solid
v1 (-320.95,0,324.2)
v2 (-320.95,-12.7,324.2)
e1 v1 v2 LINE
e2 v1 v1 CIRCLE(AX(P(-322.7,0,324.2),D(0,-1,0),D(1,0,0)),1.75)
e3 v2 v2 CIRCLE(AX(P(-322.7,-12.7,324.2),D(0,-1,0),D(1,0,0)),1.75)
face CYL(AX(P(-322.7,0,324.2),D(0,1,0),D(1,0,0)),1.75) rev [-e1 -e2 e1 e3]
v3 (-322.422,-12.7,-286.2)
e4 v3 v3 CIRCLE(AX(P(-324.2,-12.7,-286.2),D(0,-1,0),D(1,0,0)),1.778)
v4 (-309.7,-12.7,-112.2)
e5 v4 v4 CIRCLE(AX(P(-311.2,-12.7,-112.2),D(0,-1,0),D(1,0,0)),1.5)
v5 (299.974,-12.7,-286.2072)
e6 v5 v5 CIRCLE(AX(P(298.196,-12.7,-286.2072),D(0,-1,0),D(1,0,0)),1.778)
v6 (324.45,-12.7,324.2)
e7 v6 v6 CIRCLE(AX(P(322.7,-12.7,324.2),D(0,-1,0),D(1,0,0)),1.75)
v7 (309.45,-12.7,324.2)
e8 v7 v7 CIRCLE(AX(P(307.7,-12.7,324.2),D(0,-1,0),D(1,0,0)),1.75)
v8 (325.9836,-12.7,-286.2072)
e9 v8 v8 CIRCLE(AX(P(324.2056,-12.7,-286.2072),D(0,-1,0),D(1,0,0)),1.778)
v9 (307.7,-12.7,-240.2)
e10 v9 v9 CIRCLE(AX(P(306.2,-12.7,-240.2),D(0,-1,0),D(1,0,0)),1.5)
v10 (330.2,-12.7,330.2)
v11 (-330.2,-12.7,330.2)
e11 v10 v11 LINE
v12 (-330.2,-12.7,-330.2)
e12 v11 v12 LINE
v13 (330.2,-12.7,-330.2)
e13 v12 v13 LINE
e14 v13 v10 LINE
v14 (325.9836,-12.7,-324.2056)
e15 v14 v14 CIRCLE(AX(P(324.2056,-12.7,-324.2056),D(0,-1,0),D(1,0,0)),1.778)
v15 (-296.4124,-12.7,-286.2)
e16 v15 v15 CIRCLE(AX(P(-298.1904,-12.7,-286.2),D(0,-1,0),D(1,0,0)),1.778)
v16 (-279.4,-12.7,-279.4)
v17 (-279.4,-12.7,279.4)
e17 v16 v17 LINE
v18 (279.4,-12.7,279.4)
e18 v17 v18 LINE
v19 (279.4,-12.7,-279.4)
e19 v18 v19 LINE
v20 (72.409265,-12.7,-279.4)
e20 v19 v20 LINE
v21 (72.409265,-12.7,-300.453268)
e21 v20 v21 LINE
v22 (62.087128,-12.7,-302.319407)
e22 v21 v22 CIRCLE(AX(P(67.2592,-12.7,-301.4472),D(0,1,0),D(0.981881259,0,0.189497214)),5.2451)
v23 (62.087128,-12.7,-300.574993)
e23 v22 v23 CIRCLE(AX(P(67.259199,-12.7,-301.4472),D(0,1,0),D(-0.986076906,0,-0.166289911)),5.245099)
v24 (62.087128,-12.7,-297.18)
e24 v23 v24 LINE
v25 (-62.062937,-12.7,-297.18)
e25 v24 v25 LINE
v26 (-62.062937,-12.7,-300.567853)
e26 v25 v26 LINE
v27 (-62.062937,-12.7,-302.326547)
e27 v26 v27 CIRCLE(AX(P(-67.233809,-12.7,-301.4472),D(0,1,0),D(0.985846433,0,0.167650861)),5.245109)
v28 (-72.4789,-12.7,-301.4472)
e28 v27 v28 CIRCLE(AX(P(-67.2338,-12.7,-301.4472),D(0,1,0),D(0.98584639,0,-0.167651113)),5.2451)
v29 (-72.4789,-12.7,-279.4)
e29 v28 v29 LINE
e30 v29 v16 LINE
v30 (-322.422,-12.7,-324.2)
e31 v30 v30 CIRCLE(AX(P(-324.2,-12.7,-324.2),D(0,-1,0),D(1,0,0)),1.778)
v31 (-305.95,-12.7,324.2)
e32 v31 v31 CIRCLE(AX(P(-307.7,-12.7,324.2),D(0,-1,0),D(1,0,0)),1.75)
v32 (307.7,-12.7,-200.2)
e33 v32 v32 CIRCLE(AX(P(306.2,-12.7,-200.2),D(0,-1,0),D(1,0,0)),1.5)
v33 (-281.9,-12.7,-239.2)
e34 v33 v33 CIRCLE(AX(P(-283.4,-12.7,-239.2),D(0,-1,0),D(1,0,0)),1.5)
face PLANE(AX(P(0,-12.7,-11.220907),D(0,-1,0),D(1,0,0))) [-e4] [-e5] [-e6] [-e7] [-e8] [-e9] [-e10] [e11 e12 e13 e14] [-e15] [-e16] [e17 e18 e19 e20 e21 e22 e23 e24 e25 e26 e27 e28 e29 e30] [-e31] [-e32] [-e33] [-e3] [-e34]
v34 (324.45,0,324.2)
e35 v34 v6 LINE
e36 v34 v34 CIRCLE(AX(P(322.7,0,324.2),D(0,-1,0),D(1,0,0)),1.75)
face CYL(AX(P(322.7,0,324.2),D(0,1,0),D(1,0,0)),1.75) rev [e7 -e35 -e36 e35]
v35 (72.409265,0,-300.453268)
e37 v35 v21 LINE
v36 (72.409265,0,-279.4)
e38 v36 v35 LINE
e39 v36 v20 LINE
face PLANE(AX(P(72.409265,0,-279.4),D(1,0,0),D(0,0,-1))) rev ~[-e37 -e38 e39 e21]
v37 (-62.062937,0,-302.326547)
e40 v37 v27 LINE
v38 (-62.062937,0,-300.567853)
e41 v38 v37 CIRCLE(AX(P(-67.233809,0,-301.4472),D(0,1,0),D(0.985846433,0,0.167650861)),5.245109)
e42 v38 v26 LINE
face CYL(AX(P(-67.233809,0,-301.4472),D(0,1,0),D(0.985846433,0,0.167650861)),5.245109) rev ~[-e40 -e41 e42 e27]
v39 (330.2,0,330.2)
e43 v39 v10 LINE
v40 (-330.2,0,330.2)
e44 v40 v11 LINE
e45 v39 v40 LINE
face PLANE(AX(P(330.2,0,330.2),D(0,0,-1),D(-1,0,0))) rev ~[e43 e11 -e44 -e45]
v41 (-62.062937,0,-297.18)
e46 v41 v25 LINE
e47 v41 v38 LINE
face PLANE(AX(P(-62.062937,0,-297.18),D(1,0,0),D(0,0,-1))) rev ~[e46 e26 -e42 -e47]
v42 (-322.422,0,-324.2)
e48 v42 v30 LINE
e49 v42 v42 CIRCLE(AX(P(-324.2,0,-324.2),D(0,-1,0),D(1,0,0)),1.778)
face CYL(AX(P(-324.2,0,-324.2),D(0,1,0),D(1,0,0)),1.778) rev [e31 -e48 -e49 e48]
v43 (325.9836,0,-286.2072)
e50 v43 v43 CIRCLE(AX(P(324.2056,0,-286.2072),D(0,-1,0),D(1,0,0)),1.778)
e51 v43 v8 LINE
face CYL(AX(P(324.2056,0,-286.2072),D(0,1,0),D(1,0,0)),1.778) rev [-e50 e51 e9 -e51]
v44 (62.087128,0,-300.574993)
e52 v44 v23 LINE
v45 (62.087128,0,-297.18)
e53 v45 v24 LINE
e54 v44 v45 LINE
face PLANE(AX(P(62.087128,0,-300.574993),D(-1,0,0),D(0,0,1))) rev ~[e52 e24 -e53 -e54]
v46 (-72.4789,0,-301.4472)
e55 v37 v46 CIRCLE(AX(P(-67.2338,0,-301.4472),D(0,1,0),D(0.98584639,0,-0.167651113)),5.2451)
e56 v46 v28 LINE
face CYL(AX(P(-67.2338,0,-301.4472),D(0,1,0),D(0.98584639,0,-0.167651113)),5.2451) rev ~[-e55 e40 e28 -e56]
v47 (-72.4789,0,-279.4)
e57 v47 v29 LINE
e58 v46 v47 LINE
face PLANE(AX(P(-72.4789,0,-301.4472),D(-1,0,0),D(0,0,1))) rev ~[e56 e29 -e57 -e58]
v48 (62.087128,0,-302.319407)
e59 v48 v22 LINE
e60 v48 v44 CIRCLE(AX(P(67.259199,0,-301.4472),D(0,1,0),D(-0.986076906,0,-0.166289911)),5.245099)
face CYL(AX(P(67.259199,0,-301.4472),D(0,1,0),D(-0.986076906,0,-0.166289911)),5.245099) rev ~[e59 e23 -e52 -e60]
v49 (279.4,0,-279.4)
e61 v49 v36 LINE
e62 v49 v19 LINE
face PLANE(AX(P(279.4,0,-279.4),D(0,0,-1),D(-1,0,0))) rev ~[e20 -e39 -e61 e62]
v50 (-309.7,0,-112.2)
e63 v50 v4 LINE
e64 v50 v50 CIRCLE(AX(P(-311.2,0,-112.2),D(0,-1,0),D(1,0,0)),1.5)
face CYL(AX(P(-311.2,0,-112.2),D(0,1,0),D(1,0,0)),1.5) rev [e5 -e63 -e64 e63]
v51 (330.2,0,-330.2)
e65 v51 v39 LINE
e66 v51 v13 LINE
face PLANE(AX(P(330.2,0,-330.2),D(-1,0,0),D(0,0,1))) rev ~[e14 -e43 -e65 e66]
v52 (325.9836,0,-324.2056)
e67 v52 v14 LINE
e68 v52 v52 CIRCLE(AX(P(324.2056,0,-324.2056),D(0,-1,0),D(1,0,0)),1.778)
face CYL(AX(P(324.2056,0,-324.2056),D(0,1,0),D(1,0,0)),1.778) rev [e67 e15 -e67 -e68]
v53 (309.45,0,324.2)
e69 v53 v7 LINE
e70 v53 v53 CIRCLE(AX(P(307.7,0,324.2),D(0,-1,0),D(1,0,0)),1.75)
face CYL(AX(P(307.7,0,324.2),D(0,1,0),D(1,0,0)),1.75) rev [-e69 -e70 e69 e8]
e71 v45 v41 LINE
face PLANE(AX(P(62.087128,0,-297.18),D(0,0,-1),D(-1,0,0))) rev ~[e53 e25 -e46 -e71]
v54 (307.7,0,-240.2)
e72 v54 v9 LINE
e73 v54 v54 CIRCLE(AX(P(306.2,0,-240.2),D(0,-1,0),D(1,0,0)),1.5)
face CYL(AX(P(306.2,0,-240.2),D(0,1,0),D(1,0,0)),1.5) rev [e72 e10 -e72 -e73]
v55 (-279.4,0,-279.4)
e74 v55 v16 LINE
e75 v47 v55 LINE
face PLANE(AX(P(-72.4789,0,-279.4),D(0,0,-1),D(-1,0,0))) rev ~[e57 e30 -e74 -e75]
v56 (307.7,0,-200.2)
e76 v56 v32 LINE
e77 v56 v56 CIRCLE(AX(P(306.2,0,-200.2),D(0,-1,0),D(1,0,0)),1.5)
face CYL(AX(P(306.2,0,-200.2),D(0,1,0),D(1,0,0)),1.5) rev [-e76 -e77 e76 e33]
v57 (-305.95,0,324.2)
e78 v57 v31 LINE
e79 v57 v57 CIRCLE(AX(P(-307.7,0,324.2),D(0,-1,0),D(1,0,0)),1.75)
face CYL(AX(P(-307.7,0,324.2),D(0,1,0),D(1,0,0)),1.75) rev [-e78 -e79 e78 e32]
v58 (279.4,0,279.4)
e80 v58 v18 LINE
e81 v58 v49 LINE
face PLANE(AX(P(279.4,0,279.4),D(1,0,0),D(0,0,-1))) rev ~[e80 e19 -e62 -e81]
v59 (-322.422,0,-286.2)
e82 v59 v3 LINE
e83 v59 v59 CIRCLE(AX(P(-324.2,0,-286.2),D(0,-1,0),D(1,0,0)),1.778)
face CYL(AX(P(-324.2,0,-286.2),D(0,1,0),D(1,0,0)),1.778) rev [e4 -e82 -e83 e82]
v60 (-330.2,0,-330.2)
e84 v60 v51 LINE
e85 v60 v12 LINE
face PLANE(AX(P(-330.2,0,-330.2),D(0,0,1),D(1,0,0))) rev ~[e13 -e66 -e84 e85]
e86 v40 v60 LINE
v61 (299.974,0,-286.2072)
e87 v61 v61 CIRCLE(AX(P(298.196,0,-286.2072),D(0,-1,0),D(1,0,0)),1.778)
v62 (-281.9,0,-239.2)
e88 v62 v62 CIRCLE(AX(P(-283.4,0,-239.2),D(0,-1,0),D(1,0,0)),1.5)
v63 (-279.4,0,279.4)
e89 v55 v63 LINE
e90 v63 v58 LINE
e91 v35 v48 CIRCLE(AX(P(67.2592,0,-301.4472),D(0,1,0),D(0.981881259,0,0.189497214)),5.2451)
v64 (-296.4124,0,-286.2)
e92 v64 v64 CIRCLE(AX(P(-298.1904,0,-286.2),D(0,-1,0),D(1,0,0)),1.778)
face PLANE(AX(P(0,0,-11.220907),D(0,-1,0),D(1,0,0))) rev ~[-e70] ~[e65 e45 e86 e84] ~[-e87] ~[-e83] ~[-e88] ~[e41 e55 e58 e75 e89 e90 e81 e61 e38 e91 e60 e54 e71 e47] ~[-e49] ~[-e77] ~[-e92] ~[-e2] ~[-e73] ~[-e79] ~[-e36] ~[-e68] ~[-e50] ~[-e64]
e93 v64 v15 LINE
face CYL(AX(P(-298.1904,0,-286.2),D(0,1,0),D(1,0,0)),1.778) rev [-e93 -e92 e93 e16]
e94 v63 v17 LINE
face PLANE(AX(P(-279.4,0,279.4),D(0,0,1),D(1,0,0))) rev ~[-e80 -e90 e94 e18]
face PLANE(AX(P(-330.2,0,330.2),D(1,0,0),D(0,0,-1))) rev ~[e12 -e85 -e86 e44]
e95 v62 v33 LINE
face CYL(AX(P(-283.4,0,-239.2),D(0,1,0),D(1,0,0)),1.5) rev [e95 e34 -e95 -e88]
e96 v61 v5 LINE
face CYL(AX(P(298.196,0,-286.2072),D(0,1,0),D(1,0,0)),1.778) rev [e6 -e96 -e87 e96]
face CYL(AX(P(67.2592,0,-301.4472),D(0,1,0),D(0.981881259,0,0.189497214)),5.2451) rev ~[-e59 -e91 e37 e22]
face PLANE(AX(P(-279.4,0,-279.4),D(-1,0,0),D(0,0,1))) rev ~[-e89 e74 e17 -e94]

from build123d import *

# Parameters (mm, degrees)
F0_R     = 1.778
F0_R_2   = 1.5
F0_R_3   = 1.75
F0_W     = 19.9898
F0_H     = 24.9936
F1_DEPTH = 12.7


with BuildPart() as f1:
    # F0 (on Front) → F1 (new body)
    with BuildSketch(Plane.XZ):
        Polygon((330.2, 330.2), (-330.2, 330.2), (-330.2, -330.2), (-318.2112, -330.2), (-318.2112, -305.2064), (-298.2214, -305.2064), (-298.2214, -330.2), (298.2214, -330.2), (298.2214, -305.2064), (318.2112, -305.2064), (318.2112, -330.2), (330.2, -330.2), align=None)
        with Locations((-324.2, -324.2)):
            Circle(F0_R, mode=Mode.SUBTRACT)
        with Locations((-324.2, -286.2)):
            Circle(F0_R, mode=Mode.SUBTRACT)
        with Locations((-298.1904, -286.2)):
            Circle(F0_R, mode=Mode.SUBTRACT)
        with Locations((-283.4, -239.2)):
            Circle(F0_R_2, mode=Mode.SUBTRACT)
        with Locations((-311.2, -112.2)):
            Circle(F0_R_2, mode=Mode.SUBTRACT)
        with Locations((324.2056, -324.2056)):
            Circle(F0_R, mode=Mode.SUBTRACT)
        with Locations((298.196, -286.2072)):
            Circle(F0_R, mode=Mode.SUBTRACT)
        with Locations((324.2056, -286.2072)):
            Circle(F0_R, mode=Mode.SUBTRACT)
        with Locations((306.2, -240.2)):
            Circle(F0_R_2, mode=Mode.SUBTRACT)
        with Locations((306.2, -200.2)):
            Circle(F0_R_2, mode=Mode.SUBTRACT)
        with BuildLine():
            Line((-279.4, -279.4), (-279.4, 279.4))
            Line((-279.4, 279.4), (279.4, 279.4))
            Line((279.4, 279.4), (279.4, -279.4))
            Line((279.4, -279.4), (72.409265, -279.4))
            Line((72.409265, -279.4), (72.409265, -300.453268))
            ThreePointArc((72.409265, -300.453268), (68.192335, -306.608627), (62.087128, -302.319407))
            ThreePointArc((62.087128, -302.319407), (62.0141, -301.4472), (62.087128, -300.574993))
            Line((62.087128, -300.574993), (62.087128, -297.18))
            Line((62.087128, -297.18), (-62.062937, -297.18))
            Line((-62.062937, -297.18), (-62.062937, -300.567853))
            ThreePointArc((-62.062937, -300.567853), (-61.9887, -301.4472), (-62.062937, -302.326547))
            ThreePointArc((-62.062937, -302.326547), (-67.675037, -306.673708), (-72.4789, -301.4472))
            Line((-72.4789, -301.4472), (-72.4789, -279.4))
            Line((-72.4789, -279.4), (-279.4, -279.4))
        make_face(mode=Mode.SUBTRACT)
        with Locations((-322.7, 324.2)):
            Circle(F0_R_3, mode=Mode.SUBTRACT)
        with Locations((-307.7, 324.2)):
            Circle(F0_R_3, mode=Mode.SUBTRACT)
        with Locations((307.7, 324.2)):
            Circle(F0_R_3, mode=Mode.SUBTRACT)
        with Locations((322.7, 324.2)):
            Circle(F0_R_3, mode=Mode.SUBTRACT)
        with Locations((-308.2163, -317.7032)):
            Rectangle(F0_W, F0_H)
        with Locations((308.2163, -317.7032)):
            Rectangle(F0_W, F0_H)
    extrude(amount=F1_DEPTH)


solid = f1.part
